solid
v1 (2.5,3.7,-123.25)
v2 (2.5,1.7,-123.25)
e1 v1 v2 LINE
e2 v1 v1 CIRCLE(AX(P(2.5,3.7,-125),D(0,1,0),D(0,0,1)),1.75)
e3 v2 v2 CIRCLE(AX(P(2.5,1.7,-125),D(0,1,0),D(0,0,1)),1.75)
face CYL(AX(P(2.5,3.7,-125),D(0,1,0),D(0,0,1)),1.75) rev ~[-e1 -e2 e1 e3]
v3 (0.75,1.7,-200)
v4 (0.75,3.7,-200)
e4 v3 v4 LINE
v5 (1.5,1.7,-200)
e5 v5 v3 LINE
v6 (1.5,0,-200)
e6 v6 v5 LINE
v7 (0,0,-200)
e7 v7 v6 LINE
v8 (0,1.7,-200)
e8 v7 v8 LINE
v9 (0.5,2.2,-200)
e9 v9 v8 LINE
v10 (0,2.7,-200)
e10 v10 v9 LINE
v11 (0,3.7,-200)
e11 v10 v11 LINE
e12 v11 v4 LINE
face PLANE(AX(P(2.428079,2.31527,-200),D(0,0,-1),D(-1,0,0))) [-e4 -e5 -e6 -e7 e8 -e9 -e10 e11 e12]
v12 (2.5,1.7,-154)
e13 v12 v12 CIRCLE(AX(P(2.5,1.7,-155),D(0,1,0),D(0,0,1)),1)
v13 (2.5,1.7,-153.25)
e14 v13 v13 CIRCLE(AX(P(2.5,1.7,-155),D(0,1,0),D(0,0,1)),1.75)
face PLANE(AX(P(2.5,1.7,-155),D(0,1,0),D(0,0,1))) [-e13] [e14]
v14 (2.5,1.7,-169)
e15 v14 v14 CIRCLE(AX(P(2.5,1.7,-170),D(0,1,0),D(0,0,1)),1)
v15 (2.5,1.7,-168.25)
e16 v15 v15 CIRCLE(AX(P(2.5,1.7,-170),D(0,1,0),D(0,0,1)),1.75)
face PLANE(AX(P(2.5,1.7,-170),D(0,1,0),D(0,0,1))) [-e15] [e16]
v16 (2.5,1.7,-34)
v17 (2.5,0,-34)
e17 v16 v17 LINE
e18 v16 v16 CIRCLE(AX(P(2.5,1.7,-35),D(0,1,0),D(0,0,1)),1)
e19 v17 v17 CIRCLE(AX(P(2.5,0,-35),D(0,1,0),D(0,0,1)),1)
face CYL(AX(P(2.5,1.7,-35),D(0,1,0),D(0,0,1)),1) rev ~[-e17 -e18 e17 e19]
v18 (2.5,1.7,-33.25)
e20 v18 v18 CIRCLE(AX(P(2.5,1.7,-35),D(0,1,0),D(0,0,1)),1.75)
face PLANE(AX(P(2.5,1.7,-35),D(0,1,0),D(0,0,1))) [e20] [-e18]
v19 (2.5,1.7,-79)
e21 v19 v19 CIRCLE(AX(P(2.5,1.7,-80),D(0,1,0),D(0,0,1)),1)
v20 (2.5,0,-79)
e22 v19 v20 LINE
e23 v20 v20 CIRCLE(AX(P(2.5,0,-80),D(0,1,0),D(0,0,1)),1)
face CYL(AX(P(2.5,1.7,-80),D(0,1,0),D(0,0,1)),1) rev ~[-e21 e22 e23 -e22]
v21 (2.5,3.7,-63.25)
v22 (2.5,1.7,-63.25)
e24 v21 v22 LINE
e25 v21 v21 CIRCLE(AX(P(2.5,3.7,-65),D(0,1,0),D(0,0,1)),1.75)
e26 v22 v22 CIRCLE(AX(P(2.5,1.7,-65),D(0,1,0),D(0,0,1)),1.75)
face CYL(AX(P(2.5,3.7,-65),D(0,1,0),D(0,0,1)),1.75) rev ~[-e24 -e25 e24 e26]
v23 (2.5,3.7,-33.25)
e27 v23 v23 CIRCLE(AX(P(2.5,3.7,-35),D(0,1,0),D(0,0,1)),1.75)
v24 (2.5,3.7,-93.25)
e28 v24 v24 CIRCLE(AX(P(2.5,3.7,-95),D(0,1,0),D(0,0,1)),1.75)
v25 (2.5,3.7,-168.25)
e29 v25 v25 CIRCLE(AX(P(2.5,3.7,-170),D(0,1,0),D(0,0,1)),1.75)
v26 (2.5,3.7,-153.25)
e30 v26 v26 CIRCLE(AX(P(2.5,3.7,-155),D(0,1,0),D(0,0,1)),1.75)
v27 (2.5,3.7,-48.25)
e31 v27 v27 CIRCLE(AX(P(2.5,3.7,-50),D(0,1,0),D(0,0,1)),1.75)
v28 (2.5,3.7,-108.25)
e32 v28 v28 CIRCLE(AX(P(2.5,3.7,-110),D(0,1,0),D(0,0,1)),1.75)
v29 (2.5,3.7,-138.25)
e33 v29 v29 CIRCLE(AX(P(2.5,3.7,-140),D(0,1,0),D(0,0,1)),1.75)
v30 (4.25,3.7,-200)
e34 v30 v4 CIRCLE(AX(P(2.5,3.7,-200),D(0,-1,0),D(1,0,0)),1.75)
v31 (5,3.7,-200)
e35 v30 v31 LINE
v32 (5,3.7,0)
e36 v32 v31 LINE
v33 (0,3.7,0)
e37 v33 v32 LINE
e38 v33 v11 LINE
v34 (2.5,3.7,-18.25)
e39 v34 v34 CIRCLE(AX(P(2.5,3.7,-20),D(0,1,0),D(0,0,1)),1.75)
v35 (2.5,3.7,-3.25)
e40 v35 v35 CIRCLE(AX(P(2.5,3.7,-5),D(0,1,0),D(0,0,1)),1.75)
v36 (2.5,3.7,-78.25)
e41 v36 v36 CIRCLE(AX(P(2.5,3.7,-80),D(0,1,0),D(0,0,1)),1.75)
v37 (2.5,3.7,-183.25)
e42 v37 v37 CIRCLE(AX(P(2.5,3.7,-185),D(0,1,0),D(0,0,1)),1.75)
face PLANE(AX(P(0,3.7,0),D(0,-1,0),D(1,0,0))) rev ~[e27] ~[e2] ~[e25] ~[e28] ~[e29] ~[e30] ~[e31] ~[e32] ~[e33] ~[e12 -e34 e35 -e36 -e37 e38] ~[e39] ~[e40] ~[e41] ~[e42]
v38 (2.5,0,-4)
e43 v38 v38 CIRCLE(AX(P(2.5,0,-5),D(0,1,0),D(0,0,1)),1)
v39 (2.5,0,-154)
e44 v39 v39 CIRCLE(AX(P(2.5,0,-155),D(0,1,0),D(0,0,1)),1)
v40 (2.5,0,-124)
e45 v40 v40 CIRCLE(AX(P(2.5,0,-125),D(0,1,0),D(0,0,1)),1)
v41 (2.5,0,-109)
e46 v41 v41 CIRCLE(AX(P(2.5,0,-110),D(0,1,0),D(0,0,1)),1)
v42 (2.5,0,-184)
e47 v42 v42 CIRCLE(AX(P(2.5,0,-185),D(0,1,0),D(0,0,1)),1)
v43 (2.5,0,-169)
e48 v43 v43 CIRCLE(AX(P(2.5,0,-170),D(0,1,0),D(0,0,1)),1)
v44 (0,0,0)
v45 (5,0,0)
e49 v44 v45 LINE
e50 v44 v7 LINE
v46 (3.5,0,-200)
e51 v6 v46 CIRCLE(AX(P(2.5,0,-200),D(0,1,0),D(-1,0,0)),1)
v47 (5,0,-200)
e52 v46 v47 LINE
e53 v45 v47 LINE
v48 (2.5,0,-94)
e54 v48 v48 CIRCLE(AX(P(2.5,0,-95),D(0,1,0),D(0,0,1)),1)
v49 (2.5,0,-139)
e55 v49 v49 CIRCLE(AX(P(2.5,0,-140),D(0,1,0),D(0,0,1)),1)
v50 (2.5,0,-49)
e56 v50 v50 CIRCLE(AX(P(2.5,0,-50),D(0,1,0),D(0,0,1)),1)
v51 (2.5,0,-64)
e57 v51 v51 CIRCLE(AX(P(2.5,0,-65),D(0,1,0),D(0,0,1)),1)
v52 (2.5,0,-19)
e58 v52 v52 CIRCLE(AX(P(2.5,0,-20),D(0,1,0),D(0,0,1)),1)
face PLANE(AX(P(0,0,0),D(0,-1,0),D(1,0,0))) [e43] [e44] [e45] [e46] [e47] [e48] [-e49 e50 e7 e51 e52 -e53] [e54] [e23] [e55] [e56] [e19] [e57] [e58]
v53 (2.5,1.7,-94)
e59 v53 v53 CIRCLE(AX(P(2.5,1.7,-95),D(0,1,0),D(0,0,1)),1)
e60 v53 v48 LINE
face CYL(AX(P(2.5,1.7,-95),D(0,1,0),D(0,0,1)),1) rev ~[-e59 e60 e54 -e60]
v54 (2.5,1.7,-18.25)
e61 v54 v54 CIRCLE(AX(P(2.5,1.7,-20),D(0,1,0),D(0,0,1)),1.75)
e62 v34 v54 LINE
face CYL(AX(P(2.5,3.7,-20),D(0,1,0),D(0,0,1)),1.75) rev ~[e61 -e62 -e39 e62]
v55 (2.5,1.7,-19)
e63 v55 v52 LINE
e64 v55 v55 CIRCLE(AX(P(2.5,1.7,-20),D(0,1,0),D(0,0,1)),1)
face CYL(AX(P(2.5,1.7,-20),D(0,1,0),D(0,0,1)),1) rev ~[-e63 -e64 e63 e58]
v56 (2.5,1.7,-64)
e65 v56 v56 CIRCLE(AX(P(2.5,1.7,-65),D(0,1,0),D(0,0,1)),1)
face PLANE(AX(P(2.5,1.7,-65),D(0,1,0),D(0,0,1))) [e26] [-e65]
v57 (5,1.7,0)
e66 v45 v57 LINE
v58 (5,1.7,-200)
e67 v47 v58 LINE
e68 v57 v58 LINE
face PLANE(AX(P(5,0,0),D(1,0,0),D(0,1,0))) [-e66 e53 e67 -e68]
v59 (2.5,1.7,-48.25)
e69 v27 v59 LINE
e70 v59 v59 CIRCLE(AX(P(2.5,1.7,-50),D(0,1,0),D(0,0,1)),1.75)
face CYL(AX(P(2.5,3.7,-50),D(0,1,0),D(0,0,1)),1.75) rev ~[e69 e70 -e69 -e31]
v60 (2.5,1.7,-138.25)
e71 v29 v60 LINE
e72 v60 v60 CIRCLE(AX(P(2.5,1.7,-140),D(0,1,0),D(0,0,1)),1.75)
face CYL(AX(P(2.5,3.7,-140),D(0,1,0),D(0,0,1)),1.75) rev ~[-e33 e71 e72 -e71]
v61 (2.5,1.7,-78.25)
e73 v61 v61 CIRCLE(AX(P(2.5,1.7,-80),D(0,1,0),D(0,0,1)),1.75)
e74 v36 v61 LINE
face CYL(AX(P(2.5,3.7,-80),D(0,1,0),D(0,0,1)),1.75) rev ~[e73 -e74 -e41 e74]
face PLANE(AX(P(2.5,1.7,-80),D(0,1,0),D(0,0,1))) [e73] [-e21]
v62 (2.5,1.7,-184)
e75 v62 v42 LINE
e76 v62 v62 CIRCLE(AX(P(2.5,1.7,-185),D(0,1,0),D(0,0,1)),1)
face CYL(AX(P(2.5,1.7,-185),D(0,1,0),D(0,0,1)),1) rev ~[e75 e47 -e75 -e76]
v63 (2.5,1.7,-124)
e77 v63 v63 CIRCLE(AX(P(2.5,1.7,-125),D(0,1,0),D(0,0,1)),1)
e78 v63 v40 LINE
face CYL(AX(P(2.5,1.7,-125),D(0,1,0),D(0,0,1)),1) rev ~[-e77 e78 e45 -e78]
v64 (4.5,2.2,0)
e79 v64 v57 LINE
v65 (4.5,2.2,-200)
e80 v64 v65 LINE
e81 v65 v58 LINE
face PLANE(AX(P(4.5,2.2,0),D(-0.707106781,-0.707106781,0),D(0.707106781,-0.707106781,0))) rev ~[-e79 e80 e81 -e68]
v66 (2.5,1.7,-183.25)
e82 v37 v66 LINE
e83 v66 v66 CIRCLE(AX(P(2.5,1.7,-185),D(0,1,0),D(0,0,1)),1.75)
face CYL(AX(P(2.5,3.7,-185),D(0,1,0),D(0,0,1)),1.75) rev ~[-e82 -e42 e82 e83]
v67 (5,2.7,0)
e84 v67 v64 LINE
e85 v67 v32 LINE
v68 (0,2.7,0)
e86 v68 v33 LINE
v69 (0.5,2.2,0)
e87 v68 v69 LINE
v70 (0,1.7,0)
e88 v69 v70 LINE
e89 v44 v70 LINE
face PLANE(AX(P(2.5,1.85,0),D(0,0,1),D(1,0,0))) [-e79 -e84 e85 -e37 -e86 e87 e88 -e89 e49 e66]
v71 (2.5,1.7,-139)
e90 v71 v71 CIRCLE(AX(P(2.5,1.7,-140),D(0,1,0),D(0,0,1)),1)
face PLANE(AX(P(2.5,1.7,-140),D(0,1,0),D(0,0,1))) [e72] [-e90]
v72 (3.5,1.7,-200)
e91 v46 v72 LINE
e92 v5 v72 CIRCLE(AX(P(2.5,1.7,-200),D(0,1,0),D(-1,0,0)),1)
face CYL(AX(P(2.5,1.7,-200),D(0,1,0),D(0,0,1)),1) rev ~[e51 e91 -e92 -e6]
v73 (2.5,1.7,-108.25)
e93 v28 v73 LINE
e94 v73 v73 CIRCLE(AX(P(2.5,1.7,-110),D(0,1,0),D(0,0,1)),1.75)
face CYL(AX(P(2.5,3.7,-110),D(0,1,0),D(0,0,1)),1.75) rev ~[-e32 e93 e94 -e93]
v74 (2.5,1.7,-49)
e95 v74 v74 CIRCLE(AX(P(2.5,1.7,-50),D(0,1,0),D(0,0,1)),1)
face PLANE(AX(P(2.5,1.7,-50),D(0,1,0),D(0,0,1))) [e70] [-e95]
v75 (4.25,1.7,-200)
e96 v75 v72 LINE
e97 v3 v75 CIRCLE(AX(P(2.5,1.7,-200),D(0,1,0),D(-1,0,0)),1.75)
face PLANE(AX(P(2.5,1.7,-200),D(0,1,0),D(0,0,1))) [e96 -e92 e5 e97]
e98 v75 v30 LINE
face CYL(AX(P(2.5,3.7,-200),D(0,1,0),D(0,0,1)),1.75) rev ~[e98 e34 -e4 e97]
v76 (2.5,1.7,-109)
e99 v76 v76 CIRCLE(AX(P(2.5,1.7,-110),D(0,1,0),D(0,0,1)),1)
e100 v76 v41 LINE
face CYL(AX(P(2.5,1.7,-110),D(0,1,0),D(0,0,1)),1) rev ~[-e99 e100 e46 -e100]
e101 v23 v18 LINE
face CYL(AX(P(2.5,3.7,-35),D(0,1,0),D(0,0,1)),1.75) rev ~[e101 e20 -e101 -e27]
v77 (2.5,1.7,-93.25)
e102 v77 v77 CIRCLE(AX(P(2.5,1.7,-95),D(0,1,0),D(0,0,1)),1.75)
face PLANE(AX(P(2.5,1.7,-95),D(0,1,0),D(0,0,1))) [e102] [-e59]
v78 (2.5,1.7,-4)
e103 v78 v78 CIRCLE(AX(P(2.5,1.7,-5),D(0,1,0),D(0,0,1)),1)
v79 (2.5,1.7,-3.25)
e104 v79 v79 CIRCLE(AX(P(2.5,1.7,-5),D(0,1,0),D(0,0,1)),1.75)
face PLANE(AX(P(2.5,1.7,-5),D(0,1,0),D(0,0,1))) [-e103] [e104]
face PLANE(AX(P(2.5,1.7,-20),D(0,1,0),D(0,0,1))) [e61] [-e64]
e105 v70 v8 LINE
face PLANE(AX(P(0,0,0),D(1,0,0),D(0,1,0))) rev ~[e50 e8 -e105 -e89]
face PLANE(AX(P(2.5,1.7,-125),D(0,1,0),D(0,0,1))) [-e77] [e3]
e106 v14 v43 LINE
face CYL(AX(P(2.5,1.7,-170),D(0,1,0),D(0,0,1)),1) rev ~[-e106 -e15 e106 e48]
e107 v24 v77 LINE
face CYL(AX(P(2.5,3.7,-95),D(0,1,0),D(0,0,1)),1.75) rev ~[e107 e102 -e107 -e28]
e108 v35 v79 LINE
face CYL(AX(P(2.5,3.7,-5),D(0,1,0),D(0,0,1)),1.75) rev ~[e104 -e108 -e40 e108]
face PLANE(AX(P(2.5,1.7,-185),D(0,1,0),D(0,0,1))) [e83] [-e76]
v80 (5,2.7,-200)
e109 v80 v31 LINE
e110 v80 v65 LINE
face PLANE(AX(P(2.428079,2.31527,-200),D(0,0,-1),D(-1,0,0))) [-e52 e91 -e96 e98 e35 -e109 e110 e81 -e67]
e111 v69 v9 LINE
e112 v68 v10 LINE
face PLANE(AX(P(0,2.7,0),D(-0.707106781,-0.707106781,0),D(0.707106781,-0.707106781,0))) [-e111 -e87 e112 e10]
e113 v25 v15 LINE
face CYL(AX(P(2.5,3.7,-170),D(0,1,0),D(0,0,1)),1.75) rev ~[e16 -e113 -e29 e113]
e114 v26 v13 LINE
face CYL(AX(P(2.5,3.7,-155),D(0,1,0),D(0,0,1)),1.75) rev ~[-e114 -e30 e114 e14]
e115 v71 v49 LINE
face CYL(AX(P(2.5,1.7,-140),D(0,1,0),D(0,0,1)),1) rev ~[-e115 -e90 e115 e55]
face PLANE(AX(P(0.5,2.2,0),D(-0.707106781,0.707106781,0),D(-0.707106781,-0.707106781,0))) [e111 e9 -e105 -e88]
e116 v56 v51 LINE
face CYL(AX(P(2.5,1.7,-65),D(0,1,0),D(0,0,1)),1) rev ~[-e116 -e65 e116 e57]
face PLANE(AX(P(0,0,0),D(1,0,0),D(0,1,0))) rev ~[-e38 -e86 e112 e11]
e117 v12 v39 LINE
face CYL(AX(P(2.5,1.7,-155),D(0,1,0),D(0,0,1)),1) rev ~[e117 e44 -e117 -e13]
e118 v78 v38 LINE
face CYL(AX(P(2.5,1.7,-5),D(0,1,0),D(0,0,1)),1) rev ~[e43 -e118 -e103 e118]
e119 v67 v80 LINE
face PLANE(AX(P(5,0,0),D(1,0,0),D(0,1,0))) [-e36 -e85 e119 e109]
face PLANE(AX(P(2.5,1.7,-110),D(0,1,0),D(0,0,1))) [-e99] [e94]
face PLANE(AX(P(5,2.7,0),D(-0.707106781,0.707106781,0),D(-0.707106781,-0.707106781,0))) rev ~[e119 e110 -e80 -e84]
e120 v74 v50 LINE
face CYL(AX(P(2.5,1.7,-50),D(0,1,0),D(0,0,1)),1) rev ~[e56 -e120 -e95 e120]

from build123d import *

# Parameters (mm, degrees)
SKETCH1_W           = 5
SKETCH1_H           = 3.7
BOSS_EXTRUDE1_DEPTH = 400
SKETCH2_R           = 1.75
CUT_EXTRUDE1_DEPTH  = 2
SKETCH3_R           = 1
CUT_EXTRUDE2_DEPTH  = 401.036248358
CUT_EXTRUDE3_DEPTH  = 401.048359577
SKETCH5_W           = 10.325646163
SKETCH5_H           = 6.55225139
CUT_EXTRUDE4_DEPTH  = 200


with BuildPart() as part:
    # Sketch1 → Boss-Extrude1 (new body)
    with BuildSketch(Plane.XY):
        with Locations((2.5, 1.85)):
            Rectangle(SKETCH1_W, SKETCH1_H)
    extrude(amount=-BOSS_EXTRUDE1_DEPTH)

    # Sketch2 → Cut-Extrude1 (cut)
    with BuildSketch(Plane(origin=(0, 3.7, 0), x_dir=(1, 0, 0), z_dir=(0, 1, 0))):
        with Locations(Location((2.5, 5, 0), (0, 0, 270))):
            Circle(SKETCH2_R)
        with Locations(Location((2.5, 20, 0), (0, 0, 270))):
            Circle(SKETCH2_R)
        with Locations(Location((2.5, 35, 0), (0, 0, 270))):
            Circle(SKETCH2_R)
        with Locations(Location((2.5, 50, 0), (0, 0, 270))):
            Circle(SKETCH2_R)
        with Locations(Location((2.5, 65, 0), (0, 0, 270))):
            Circle(SKETCH2_R)
        with Locations(Location((2.5, 80, 0), (0, 0, 270))):
            Circle(SKETCH2_R)
        with Locations(Location((2.5, 95, 0), (0, 0, 270))):
            Circle(SKETCH2_R)
        with Locations(Location((2.5, 110, 0), (0, 0, 270))):
            Circle(SKETCH2_R)
        with Locations(Location((2.5, 125, 0), (0, 0, 270))):
            Circle(SKETCH2_R)
        with Locations(Location((2.5, 140, 0), (0, 0, 270))):
            Circle(SKETCH2_R)
        with Locations(Location((2.5, 155, 0), (0, 0, 270))):
            Circle(SKETCH2_R)
        with Locations(Location((2.5, 170, 0), (0, 0, 270))):
            Circle(SKETCH2_R)
        with Locations(Location((2.5, 185, 0), (0, 0, 270))):
            Circle(SKETCH2_R)
        with Locations(Location((2.5, 200, 0), (0, 0, 270))):
            Circle(SKETCH2_R)
        with Locations(Location((2.5, 215, 0), (0, 0, 270))):
            Circle(SKETCH2_R)
        with Locations(Location((2.5, 230, 0), (0, 0, 270))):
            Circle(SKETCH2_R)
        with Locations(Location((2.5, 245, 0), (0, 0, 270))):
            Circle(SKETCH2_R)
        with Locations(Location((2.5, 260, 0), (0, 0, 270))):
            Circle(SKETCH2_R)
        with Locations(Location((2.5, 275, 0), (0, 0, 270))):
            Circle(SKETCH2_R)
        with Locations(Location((2.5, 290, 0), (0, 0, 270))):
            Circle(SKETCH2_R)
        with Locations(Location((2.5, 305, 0), (0, 0, 270))):
            Circle(SKETCH2_R)
        with Locations(Location((2.5, 320, 0), (0, 0, 270))):
            Circle(SKETCH2_R)
        with Locations(Location((2.5, 335, 0), (0, 0, 270))):
            Circle(SKETCH2_R)
        with Locations(Location((2.5, 350, 0), (0, 0, 270))):
            Circle(SKETCH2_R)
        with Locations(Location((2.5, 365, 0), (0, 0, 270))):
            Circle(SKETCH2_R)
        with Locations(Location((2.5, 380, 0), (0, 0, 270))):
            Circle(SKETCH2_R)
        with Locations(Location((2.5, 395, 0), (0, 0, 270))):
            Circle(SKETCH2_R)
    extrude(amount=-CUT_EXTRUDE1_DEPTH, mode=Mode.SUBTRACT)

    # Sketch3 → Cut-Extrude2 (cut, through all)
    with BuildSketch(Plane(origin=(0, 1.7, 0), x_dir=(1, 0, 0), z_dir=(0, 1, 0))):
        with Locations(Location((2.5, 5, 0), (0, 0, 270))):
            Circle(SKETCH3_R)
        with Locations(Location((2.5, 20, 0), (0, 0, 270))):
            Circle(SKETCH3_R)
        with Locations(Location((2.5, 35, 0), (0, 0, 270))):
            Circle(SKETCH3_R)
        with Locations(Location((2.5, 50, 0), (0, 0, 270))):
            Circle(SKETCH3_R)
        with Locations(Location((2.5, 65, 0), (0, 0, 270))):
            Circle(SKETCH3_R)
        with Locations(Location((2.5, 80, 0), (0, 0, 270))):
            Circle(SKETCH3_R)
        with Locations(Location((2.5, 95, 0), (0, 0, 270))):
            Circle(SKETCH3_R)
        with Locations(Location((2.5, 110, 0), (0, 0, 270))):
            Circle(SKETCH3_R)
        with Locations(Location((2.5, 125, 0), (0, 0, 270))):
            Circle(SKETCH3_R)
        with Locations(Location((2.5, 140, 0), (0, 0, 270))):
            Circle(SKETCH3_R)
        with Locations(Location((2.5, 155, 0), (0, 0, 270))):
            Circle(SKETCH3_R)
        with Locations(Location((2.5, 170, 0), (0, 0, 270))):
            Circle(SKETCH3_R)
        with Locations(Location((2.5, 185, 0), (0, 0, 270))):
            Circle(SKETCH3_R)
        with Locations(Location((2.5, 200, 0), (0, 0, 270))):
            Circle(SKETCH3_R)
        with Locations(Location((2.5, 215, 0), (0, 0, 270))):
            Circle(SKETCH3_R)
        with Locations(Location((2.5, 230, 0), (0, 0, 270))):
            Circle(SKETCH3_R)
        with Locations(Location((2.5, 245, 0), (0, 0, 270))):
            Circle(SKETCH3_R)
        with Locations(Location((2.5, 260, 0), (0, 0, 270))):
            Circle(SKETCH3_R)
        with Locations(Location((2.5, 275, 0), (0, 0, 270))):
            Circle(SKETCH3_R)
        with Locations(Location((2.5, 290, 0), (0, 0, 270))):
            Circle(SKETCH3_R)
        with Locations(Location((2.5, 305, 0), (0, 0, 270))):
            Circle(SKETCH3_R)
        with Locations(Location((2.5, 320, 0), (0, 0, 270))):
            Circle(SKETCH3_R)
        with Locations(Location((2.5, 335, 0), (0, 0, 270))):
            Circle(SKETCH3_R)
        with Locations(Location((2.5, 350, 0), (0, 0, 270))):
            Circle(SKETCH3_R)
        with Locations(Location((2.5, 365, 0), (0, 0, 270))):
            Circle(SKETCH3_R)
        with Locations(Location((2.5, 380, 0), (0, 0, 270))):
            Circle(SKETCH3_R)
        with Locations(Location((2.5, 395, 0), (0, 0, 270))):
            Circle(SKETCH3_R)
    extrude(amount=-CUT_EXTRUDE2_DEPTH, mode=Mode.SUBTRACT)

    # Sketch4 → Cut-Extrude3 (cut, through all)
    with BuildSketch(Plane.XY):
        Polygon((0, 2.7), (0.5, 2.2), (0, 1.7), align=None)
        Polygon((5, 2.7), (4.5, 2.2), (5, 1.7), align=None)
    extrude(amount=-CUT_EXTRUDE3_DEPTH, mode=Mode.SUBTRACT)

    # Sketch5 → Cut-Extrude4 (cut)
    with BuildSketch(Plane(origin=(0, 0, -400), x_dir=(-1, 0, 0), z_dir=(0, 0, -1))):
        with Locations((-2.428078688, 2.315270048)):
            Rectangle(SKETCH5_W, SKETCH5_H)
    extrude(amount=-CUT_EXTRUDE4_DEPTH, mode=Mode.SUBTRACT)


solid = part.part
